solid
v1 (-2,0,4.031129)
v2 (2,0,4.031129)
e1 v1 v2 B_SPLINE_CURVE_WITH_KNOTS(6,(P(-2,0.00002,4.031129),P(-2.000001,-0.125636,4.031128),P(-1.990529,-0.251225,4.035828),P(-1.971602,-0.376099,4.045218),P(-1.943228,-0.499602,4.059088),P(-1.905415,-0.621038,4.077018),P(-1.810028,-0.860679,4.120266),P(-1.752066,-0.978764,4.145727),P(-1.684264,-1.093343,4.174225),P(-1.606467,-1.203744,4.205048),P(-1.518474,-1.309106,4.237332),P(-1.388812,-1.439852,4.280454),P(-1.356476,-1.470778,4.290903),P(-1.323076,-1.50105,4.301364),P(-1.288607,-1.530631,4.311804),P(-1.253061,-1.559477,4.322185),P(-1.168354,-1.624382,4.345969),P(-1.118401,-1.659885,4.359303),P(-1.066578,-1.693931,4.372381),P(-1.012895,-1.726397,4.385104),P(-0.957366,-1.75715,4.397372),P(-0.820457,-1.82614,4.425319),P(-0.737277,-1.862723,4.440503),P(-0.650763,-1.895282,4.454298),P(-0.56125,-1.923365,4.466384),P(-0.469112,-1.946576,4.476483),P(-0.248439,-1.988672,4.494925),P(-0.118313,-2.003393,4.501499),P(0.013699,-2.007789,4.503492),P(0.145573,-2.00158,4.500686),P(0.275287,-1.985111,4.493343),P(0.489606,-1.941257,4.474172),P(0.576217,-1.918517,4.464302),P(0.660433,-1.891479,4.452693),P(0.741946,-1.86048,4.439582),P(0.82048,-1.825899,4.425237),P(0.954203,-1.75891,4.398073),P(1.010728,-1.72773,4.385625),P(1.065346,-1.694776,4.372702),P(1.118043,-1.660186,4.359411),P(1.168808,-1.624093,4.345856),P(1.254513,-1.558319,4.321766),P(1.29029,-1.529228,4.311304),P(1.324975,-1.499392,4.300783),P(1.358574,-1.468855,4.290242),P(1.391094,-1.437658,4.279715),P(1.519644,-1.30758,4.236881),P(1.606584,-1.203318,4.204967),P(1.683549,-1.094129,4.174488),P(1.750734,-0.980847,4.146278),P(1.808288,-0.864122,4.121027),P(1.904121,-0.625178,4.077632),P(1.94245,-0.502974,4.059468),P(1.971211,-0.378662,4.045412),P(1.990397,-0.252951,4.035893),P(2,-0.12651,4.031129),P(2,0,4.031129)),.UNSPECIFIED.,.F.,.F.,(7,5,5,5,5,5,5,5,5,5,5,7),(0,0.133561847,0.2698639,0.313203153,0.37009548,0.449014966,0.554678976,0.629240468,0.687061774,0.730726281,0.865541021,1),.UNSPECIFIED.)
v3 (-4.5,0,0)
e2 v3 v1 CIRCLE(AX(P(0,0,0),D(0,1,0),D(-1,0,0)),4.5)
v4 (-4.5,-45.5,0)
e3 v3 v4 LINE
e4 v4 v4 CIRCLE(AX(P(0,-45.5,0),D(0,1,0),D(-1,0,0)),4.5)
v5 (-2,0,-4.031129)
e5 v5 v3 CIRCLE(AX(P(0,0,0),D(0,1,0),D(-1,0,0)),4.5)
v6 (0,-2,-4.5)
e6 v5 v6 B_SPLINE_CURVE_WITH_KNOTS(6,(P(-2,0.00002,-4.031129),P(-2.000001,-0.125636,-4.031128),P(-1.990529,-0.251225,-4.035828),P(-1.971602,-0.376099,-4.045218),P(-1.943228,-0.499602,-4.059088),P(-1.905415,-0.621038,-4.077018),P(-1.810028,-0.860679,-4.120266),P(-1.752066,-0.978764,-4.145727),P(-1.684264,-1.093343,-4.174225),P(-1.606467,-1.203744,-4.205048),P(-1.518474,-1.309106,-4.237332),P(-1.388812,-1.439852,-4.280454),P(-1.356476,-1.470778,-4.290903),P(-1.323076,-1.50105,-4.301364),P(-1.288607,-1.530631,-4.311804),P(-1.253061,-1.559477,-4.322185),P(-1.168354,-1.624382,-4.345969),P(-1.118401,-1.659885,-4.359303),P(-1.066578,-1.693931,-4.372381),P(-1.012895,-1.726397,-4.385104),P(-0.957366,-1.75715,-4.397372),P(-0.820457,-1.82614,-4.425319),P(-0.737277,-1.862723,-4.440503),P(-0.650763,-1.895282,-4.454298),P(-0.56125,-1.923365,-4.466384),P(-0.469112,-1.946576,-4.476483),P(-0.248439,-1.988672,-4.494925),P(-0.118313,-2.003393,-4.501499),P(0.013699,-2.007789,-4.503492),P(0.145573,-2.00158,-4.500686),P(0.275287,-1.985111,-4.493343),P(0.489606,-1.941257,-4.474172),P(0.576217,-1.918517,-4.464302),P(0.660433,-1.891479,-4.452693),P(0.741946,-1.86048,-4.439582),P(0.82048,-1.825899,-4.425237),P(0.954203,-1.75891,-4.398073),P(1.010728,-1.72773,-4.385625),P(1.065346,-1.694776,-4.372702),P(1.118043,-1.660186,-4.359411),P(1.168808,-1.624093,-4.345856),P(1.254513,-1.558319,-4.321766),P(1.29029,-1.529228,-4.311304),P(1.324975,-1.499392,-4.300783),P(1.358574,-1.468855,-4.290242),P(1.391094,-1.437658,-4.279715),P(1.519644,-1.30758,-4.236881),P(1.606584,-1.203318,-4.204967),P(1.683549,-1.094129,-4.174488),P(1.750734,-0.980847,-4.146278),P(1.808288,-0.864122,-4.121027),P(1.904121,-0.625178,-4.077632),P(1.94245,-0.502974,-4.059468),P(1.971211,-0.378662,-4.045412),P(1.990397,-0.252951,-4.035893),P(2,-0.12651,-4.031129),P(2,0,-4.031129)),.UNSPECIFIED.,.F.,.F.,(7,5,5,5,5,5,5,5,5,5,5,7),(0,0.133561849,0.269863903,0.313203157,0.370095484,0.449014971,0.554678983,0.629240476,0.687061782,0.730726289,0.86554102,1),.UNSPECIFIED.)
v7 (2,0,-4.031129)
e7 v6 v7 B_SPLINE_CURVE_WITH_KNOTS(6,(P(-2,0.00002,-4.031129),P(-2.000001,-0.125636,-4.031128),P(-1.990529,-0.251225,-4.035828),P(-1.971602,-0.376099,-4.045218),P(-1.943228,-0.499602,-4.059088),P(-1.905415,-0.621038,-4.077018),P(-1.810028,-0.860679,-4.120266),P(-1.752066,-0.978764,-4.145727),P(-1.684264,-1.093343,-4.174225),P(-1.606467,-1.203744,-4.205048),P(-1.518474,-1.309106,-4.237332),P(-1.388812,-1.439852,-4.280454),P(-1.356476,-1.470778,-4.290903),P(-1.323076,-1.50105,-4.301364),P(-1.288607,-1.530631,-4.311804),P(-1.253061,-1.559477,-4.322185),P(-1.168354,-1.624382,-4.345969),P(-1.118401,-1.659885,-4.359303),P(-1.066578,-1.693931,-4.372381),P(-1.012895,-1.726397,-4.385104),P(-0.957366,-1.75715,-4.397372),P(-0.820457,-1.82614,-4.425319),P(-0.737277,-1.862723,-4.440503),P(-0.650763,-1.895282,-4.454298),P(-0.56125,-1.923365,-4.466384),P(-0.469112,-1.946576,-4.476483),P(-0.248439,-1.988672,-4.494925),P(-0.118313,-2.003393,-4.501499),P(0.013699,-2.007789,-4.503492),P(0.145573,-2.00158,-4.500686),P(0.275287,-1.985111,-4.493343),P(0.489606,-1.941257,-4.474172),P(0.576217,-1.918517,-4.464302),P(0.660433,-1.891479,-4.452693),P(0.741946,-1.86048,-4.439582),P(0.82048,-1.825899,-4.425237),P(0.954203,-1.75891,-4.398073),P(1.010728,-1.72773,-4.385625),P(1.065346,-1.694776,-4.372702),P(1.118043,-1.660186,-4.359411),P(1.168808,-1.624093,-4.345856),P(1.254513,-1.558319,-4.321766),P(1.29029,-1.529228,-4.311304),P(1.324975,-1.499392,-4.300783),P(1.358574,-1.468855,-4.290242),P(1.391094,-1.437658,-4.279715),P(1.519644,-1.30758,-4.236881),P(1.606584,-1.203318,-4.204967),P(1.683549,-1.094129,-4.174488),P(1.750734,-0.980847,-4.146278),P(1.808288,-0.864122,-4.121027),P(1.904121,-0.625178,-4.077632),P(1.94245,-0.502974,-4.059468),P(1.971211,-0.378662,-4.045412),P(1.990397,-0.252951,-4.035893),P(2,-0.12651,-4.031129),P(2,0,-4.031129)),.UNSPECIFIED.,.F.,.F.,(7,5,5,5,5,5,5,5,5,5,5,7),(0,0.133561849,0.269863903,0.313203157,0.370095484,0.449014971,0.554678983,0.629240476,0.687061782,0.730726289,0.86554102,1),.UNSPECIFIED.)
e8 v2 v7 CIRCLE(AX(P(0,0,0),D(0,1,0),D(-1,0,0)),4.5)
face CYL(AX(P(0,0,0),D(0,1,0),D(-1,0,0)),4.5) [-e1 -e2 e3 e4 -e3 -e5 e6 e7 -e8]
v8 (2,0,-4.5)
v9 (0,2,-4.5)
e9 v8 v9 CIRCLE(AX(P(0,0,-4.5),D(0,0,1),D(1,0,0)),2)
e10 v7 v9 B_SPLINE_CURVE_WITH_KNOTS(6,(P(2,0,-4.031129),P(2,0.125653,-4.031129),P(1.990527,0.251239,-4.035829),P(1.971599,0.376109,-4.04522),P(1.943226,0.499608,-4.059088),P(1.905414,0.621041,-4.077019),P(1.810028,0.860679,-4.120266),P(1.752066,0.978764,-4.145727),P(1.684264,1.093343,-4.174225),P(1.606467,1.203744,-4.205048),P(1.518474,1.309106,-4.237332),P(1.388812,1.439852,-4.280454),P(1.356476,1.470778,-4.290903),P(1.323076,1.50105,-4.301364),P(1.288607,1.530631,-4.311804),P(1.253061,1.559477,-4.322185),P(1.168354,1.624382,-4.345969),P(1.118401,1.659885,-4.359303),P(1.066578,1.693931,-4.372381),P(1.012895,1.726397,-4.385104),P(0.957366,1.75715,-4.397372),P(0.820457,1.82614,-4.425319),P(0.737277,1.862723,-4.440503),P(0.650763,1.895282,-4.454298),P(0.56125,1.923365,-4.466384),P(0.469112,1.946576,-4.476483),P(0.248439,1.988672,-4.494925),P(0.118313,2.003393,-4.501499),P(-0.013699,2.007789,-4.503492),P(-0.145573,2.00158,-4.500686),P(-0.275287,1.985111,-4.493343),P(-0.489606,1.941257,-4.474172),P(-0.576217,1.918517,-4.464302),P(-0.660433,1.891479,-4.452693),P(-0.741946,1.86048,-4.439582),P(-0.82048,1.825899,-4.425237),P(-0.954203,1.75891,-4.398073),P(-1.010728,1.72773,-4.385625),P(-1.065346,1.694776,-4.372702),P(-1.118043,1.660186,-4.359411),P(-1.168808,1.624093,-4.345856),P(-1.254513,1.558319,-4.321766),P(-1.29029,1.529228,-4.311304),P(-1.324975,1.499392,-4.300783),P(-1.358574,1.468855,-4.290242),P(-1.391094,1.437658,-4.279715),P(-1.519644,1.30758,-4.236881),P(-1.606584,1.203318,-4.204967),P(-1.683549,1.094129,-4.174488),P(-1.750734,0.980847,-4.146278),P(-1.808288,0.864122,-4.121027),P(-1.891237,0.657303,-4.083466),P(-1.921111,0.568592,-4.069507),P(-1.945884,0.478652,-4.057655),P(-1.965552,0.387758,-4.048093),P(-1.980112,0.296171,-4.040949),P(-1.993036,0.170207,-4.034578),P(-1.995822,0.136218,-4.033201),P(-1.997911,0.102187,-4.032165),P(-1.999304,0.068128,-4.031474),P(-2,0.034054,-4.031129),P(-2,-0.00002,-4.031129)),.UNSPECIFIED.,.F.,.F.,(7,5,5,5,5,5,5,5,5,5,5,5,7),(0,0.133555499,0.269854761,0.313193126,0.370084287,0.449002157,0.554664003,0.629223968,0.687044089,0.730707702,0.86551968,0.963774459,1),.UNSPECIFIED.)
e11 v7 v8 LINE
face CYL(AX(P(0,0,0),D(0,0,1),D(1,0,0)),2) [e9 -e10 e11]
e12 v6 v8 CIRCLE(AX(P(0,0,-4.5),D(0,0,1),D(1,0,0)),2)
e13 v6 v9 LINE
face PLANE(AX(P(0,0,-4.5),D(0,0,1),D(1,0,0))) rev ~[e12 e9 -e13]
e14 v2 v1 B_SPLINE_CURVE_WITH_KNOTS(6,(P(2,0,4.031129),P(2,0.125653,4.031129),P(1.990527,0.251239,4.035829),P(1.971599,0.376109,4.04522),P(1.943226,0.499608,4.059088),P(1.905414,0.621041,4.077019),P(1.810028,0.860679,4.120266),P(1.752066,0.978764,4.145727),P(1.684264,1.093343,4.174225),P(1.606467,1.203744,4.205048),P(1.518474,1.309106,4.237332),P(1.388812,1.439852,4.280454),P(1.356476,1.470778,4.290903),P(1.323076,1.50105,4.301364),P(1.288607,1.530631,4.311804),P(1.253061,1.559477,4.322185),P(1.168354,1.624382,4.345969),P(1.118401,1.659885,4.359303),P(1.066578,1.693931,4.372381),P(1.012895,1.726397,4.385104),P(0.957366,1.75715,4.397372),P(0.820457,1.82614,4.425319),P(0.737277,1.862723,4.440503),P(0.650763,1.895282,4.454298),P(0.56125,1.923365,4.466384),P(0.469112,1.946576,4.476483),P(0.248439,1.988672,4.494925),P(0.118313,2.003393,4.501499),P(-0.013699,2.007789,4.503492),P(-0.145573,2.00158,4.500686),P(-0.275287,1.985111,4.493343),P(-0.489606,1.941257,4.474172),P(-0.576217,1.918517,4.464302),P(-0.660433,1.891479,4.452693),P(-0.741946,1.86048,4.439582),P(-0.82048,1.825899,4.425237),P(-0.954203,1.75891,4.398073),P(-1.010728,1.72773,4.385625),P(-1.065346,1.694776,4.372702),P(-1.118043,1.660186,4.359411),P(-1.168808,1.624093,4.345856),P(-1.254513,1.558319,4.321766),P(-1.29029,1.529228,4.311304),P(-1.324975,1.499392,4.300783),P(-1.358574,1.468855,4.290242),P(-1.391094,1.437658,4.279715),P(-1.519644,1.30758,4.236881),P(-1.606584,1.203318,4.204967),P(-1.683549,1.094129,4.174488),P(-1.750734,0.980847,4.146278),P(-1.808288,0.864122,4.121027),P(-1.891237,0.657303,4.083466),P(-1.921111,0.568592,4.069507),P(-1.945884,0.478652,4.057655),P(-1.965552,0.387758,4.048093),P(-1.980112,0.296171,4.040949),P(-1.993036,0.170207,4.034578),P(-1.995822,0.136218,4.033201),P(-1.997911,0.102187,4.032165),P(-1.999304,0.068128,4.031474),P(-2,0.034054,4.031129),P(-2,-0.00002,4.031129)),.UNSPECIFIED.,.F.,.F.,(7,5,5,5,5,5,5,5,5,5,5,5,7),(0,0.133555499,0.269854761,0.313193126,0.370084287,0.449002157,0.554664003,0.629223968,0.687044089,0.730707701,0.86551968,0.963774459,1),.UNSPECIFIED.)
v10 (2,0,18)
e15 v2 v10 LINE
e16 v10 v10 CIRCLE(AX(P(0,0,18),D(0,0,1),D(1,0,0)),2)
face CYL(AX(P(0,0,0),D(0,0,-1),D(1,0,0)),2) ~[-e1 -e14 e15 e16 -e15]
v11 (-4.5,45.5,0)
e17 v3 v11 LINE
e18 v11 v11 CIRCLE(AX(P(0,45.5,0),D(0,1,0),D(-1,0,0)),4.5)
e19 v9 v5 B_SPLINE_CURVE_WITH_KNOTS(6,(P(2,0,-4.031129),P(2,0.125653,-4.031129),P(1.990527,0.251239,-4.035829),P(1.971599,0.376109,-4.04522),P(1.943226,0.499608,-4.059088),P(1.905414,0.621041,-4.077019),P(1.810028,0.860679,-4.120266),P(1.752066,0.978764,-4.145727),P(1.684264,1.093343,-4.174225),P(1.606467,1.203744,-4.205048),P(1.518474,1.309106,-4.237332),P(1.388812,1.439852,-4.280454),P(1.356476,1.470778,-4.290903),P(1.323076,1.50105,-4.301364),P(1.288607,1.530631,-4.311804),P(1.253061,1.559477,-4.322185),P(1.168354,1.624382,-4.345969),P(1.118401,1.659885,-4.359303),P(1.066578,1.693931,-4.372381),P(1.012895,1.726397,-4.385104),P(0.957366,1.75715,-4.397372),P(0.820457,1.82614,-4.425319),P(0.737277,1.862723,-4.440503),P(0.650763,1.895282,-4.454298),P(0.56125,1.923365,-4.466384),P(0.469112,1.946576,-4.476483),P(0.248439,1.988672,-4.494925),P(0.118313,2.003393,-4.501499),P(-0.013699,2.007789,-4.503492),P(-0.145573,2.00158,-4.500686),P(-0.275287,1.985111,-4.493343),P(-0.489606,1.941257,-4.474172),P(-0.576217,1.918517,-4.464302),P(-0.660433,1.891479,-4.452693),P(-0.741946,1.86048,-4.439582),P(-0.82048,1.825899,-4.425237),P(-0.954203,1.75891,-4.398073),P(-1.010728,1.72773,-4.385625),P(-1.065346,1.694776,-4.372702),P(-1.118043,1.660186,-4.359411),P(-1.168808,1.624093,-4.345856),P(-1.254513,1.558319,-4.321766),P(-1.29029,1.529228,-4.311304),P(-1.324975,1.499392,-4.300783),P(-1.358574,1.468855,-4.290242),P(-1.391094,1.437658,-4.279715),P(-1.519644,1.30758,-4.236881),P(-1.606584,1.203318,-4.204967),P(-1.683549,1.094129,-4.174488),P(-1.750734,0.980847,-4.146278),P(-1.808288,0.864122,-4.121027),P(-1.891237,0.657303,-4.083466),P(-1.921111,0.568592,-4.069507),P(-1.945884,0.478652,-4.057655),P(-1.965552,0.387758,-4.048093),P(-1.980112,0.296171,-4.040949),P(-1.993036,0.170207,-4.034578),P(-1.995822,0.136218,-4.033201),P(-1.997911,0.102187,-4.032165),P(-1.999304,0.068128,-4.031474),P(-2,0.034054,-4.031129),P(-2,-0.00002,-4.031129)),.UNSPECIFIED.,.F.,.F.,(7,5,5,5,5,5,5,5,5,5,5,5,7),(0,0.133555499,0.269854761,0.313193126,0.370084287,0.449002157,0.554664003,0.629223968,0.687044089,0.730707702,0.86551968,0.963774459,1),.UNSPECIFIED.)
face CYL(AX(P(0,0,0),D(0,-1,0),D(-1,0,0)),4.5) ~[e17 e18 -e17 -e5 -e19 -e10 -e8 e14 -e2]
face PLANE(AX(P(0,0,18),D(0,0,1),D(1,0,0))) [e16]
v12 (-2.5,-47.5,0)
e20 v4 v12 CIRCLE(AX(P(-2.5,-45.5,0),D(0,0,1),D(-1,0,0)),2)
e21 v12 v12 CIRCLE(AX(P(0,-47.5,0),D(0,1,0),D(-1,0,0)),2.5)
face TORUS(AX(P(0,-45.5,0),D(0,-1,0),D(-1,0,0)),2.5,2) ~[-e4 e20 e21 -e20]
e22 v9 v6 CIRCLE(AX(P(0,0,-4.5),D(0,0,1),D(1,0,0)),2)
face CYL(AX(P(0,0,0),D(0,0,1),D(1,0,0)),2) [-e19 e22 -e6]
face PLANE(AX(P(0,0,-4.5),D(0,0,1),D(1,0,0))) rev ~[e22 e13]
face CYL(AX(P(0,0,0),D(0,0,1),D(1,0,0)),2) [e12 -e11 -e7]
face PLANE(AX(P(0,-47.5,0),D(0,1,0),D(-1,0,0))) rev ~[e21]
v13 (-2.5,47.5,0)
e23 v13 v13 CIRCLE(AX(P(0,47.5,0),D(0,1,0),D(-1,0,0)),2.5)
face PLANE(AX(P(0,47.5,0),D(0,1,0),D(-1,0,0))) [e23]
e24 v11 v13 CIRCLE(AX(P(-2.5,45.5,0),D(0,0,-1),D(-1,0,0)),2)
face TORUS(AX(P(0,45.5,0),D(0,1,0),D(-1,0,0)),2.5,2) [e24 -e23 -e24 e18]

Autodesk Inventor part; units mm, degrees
ref_plane "YZ Plane" through (0, 0, 0) normal (1, 0, 0) x (0, 1, 0)
ref_plane "XZ Plane" through (0, 0, 0) normal (0, 1, 0) x (-1, 0, 0)
ref_plane "XY Plane" through (0, 0, 0) normal (0, 0, 1) x (1, 0, 0)
sketch "Sketch1" plane through (0, 0, 0) normal (0, 1, 0) x (-1, 0, 0)
  circle A0 centre (0, 0) radius 4.5
  dimension "d0" = 9
extrude "Extrusion1" add sketch "Sketch1" along normal mid plane 95
fillet "Fillet1" radius 2 2 edges at (4.5, 47.5, 0) (4.5, -47.5, 0)
sketch "Sketch2" plane through (0, 0, 0) normal (0, 0, 1) x (1, 0, 0)
  circle A0 centre (0, 0) radius 2
  dimension "d4" = 4
extrude "Extrusion2" add sketch "Sketch2" along normal blind 18 and the other way blind 4.5
properties part number "Part2pasador" material "Steel"
